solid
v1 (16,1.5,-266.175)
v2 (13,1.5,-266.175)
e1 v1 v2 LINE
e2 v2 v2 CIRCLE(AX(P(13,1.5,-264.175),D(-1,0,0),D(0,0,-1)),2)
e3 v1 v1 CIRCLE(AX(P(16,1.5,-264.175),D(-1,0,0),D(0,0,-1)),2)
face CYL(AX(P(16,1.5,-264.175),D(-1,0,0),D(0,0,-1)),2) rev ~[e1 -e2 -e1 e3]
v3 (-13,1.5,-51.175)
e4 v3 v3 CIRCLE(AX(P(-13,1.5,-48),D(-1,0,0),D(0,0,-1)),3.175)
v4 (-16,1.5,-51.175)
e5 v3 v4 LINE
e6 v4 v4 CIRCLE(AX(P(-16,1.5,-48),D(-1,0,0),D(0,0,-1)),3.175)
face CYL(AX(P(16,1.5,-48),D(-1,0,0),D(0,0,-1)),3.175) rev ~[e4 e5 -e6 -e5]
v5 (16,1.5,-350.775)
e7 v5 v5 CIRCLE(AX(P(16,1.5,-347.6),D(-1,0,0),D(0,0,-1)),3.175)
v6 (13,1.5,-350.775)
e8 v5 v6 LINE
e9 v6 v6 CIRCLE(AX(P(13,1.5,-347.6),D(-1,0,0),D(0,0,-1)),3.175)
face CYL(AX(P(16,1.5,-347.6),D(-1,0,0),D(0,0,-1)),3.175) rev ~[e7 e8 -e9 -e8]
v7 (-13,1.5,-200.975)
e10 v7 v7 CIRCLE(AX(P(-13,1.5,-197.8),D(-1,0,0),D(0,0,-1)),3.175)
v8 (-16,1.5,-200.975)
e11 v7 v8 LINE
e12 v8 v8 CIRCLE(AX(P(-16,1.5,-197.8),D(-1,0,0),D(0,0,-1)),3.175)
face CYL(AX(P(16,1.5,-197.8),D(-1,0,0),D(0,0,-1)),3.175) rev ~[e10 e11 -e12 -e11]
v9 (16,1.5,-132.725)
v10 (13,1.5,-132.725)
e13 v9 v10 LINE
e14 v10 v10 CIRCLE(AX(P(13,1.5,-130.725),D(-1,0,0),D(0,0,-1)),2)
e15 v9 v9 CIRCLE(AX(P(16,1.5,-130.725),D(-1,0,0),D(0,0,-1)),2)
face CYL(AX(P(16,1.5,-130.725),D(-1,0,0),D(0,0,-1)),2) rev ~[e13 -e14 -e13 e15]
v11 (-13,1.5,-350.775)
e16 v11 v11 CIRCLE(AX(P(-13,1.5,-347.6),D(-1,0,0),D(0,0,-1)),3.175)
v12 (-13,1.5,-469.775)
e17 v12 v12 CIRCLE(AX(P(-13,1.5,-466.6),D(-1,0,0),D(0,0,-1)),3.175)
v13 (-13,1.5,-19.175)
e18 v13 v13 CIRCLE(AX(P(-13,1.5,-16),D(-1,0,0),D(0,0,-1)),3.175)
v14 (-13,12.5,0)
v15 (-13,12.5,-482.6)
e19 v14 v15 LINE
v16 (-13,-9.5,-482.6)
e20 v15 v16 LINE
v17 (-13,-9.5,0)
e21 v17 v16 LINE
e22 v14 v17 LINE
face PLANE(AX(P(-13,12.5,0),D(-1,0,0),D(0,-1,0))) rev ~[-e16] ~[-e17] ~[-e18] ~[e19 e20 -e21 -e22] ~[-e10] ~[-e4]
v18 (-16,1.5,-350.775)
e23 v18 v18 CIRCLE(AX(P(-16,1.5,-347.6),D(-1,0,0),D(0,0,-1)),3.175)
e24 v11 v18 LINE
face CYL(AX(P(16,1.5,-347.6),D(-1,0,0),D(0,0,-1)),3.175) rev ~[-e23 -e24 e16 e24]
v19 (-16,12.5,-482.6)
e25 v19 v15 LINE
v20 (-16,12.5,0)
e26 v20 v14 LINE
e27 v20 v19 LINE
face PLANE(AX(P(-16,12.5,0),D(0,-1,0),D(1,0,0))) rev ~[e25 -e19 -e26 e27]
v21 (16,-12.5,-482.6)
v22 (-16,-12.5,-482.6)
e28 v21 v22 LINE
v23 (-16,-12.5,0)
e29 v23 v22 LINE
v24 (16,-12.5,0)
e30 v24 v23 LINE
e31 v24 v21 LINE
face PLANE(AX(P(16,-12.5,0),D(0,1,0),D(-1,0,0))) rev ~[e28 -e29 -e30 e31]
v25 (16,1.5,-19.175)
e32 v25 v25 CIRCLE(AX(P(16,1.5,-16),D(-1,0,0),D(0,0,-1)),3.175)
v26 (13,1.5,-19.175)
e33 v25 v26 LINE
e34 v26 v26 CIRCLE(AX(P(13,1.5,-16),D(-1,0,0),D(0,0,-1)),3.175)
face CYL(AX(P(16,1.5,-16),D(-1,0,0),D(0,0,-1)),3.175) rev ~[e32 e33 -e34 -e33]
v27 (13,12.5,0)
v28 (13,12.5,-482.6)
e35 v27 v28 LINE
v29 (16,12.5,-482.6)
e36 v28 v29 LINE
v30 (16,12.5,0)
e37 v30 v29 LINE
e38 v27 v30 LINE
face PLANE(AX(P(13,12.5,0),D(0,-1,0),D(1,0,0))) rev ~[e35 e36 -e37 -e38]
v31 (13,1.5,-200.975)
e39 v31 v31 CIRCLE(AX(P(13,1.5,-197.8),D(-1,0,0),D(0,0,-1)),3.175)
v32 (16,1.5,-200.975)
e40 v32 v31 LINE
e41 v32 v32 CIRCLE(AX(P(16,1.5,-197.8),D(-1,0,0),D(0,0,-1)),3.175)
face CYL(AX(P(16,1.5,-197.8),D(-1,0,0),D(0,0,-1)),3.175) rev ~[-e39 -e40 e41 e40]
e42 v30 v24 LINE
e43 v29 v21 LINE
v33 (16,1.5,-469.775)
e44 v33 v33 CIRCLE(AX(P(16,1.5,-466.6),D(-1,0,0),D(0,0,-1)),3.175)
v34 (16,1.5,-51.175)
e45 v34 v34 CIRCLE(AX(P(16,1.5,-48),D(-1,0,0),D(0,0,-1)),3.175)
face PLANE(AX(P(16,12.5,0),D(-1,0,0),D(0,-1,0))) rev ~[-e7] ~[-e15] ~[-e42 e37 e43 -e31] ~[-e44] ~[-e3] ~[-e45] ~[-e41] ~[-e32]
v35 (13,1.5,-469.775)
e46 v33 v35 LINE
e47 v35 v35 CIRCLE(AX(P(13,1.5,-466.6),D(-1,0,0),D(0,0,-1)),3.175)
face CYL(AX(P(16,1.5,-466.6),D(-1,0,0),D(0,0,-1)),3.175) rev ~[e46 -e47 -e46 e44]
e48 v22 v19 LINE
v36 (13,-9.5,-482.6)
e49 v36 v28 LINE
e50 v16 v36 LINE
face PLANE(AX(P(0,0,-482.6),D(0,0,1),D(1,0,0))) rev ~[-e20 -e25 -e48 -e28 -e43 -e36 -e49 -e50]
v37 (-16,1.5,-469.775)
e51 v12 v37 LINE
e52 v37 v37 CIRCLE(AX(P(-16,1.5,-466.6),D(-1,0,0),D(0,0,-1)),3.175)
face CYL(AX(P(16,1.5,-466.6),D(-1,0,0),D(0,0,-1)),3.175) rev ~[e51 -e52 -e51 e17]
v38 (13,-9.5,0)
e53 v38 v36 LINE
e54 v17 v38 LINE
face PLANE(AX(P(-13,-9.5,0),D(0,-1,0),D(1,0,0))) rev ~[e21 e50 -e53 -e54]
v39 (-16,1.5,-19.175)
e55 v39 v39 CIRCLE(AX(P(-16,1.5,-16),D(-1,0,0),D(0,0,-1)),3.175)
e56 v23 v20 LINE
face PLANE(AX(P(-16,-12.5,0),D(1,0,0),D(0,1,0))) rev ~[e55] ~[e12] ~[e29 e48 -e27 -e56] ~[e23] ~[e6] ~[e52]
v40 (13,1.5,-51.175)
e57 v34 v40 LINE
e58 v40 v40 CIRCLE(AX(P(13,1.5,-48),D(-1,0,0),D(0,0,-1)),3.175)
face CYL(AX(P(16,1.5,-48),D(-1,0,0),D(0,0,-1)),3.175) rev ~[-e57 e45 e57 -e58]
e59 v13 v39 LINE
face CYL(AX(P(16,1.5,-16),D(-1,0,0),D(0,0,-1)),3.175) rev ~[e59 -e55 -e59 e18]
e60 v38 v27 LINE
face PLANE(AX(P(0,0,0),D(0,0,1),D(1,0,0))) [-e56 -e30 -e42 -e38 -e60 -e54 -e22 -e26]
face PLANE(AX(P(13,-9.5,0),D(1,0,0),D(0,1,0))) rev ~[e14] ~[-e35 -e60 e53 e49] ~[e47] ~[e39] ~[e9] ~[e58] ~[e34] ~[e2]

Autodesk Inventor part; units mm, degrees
ref_plane "YZ Plane" through (0, 0, 0) normal (1, 0, 0) x (0, 1, 0)
ref_plane "XZ Plane" through (0, 0, 0) normal (0, 1, 0) x (-1, 0, 0)
ref_plane "XY Plane" through (0, 0, 0) normal (0, 0, 1) x (1, 0, 0)
sketch "Sketch1" plane through (0, 0, 0) normal (0, 0, 1) x (1, 0, 0)
  line L0 (-16, 12.5) -> (-13, 12.5)
  line L1 (-13, 12.5) -> (-13, -9.5)
  line L2 (-13, -9.5) -> (13, -9.5)
  line L3 (13, -9.5) -> (13, 12.5)
  line L4 (13, 12.5) -> (16, 12.5)
  line L5 (16, 12.5) -> (16, -12.5)
  line L6 (16, -12.5) -> (-16, -12.5)
  line L7 (-16, -12.5) -> (-16, 12.5)
  point P0 (0, 0)
  dimension "d0" = 3
  dimension "d2" = 3
  dimension "d3" = 25
  dimension "d4" = 32
  dimension "d5" = 16
  dimension "d7" = 12.5
  dimension "d8" = 3
  dimension "d38" = 25
extrude "Extrusion1" add sketch "Sketch1" against normal blind 482.6
sketch "Sketch10" plane through (16, -12.5, 0) normal (1, 0, 0) x (0, 0, -1)
  line L0 (0, 25) -> (0, 0) projected
  line L1 (482.6, 25) -> (482.6, 0) projected
  circle A0 centre (466.6, 14) radius 3.175
  circle A1 centre (16, 14) radius 3.175
  line L2 (0, 25) -> (482.6, 25) projected
  circle A2 centre (347.6, 14) radius 3.175 projected
  circle A3 centre (347.6, 14) radius 3.175
  circle A4 centre (48, 14) radius 3.175 projected
  circle A5 centre (197.8, 14) radius 3.175
  point P0 (0, 12.5)
  dimension "d65" = 6.35
  dimension "d66" = 6.35
  dimension "d67" = 16
  dimension "d68" = 16
  dimension "d77" = 11
  dimension "d78" = 299.6
  dimension "d79" = 6.35
  dimension "d80" = 149.8
hole "Hole2" at (16, 1.5, -466.6) at (16, 1.5, -16) at (16, 1.5, -347.6) at (16, 1.5, -48) at (16, 1.5, -197.8) direction (-1, 0, 0) diameter 6.35 end through all
sketch "Sketch11" plane through (16, -12.5, 0) normal (1, 0, 0) x (0, 0, -1)
  circle A0 centre (48, 14) radius 3.175 projected
  line L0 (0, 0) -> (482.6, 0) projected
  line L1 (0, 25) -> (482.6, 25) projected
  line L2 (64, 539.4008) -> (64, 25) projected
  circle A1 centre (407.1, 298.1) radius 12.2174 construction
  line L3 (407.1, 298.1) -> (407.1, 0) construction
  line L4 (330.9, 0) -> (893.0628, 0) construction
  line L5 (330.9, 0) -> (330.9, 539.4008) construction
  line L6 (204.45, 99.5507) -> (204.45, 71.9496) construction
  line L7 (64, 99.5507) -> (204.45, 99.5507) construction
  line L8 (204.45, 99.5507) -> (330.9, 99.5507) construction
  circle A2 centre (130.725, 14) radius 2
  circle A3 centre (264.175, 14) radius 2
  point P0 (0, 12.5)
  dimension "d83" = 76.2
  dimension "d85" = 266.9
  dimension "d86" = 4
  dimension "d87" = 14
  dimension "d95" = 66.725
  dimension "d96" = 66.725
hole "Hole3" at (16, 1.5, -130.725) at (16, 1.5, -264.175) direction (-1, 0, 0) diameter 4 depth 3 tip angle 118
equation "\"d2\" = d0"
equation "\"d5\" = 0.5 * d4"
equation "\"d7\" = 0.5 * d3"
equation "\"d8\" = d0"
equation "\"d80\" = 0.5 * d78"
equation "\"d95\" = 0.25 * d85"
equation "\"d96\" = d95"
properties part number "18in C-Channel Rear" material "Aluminum 6061"
